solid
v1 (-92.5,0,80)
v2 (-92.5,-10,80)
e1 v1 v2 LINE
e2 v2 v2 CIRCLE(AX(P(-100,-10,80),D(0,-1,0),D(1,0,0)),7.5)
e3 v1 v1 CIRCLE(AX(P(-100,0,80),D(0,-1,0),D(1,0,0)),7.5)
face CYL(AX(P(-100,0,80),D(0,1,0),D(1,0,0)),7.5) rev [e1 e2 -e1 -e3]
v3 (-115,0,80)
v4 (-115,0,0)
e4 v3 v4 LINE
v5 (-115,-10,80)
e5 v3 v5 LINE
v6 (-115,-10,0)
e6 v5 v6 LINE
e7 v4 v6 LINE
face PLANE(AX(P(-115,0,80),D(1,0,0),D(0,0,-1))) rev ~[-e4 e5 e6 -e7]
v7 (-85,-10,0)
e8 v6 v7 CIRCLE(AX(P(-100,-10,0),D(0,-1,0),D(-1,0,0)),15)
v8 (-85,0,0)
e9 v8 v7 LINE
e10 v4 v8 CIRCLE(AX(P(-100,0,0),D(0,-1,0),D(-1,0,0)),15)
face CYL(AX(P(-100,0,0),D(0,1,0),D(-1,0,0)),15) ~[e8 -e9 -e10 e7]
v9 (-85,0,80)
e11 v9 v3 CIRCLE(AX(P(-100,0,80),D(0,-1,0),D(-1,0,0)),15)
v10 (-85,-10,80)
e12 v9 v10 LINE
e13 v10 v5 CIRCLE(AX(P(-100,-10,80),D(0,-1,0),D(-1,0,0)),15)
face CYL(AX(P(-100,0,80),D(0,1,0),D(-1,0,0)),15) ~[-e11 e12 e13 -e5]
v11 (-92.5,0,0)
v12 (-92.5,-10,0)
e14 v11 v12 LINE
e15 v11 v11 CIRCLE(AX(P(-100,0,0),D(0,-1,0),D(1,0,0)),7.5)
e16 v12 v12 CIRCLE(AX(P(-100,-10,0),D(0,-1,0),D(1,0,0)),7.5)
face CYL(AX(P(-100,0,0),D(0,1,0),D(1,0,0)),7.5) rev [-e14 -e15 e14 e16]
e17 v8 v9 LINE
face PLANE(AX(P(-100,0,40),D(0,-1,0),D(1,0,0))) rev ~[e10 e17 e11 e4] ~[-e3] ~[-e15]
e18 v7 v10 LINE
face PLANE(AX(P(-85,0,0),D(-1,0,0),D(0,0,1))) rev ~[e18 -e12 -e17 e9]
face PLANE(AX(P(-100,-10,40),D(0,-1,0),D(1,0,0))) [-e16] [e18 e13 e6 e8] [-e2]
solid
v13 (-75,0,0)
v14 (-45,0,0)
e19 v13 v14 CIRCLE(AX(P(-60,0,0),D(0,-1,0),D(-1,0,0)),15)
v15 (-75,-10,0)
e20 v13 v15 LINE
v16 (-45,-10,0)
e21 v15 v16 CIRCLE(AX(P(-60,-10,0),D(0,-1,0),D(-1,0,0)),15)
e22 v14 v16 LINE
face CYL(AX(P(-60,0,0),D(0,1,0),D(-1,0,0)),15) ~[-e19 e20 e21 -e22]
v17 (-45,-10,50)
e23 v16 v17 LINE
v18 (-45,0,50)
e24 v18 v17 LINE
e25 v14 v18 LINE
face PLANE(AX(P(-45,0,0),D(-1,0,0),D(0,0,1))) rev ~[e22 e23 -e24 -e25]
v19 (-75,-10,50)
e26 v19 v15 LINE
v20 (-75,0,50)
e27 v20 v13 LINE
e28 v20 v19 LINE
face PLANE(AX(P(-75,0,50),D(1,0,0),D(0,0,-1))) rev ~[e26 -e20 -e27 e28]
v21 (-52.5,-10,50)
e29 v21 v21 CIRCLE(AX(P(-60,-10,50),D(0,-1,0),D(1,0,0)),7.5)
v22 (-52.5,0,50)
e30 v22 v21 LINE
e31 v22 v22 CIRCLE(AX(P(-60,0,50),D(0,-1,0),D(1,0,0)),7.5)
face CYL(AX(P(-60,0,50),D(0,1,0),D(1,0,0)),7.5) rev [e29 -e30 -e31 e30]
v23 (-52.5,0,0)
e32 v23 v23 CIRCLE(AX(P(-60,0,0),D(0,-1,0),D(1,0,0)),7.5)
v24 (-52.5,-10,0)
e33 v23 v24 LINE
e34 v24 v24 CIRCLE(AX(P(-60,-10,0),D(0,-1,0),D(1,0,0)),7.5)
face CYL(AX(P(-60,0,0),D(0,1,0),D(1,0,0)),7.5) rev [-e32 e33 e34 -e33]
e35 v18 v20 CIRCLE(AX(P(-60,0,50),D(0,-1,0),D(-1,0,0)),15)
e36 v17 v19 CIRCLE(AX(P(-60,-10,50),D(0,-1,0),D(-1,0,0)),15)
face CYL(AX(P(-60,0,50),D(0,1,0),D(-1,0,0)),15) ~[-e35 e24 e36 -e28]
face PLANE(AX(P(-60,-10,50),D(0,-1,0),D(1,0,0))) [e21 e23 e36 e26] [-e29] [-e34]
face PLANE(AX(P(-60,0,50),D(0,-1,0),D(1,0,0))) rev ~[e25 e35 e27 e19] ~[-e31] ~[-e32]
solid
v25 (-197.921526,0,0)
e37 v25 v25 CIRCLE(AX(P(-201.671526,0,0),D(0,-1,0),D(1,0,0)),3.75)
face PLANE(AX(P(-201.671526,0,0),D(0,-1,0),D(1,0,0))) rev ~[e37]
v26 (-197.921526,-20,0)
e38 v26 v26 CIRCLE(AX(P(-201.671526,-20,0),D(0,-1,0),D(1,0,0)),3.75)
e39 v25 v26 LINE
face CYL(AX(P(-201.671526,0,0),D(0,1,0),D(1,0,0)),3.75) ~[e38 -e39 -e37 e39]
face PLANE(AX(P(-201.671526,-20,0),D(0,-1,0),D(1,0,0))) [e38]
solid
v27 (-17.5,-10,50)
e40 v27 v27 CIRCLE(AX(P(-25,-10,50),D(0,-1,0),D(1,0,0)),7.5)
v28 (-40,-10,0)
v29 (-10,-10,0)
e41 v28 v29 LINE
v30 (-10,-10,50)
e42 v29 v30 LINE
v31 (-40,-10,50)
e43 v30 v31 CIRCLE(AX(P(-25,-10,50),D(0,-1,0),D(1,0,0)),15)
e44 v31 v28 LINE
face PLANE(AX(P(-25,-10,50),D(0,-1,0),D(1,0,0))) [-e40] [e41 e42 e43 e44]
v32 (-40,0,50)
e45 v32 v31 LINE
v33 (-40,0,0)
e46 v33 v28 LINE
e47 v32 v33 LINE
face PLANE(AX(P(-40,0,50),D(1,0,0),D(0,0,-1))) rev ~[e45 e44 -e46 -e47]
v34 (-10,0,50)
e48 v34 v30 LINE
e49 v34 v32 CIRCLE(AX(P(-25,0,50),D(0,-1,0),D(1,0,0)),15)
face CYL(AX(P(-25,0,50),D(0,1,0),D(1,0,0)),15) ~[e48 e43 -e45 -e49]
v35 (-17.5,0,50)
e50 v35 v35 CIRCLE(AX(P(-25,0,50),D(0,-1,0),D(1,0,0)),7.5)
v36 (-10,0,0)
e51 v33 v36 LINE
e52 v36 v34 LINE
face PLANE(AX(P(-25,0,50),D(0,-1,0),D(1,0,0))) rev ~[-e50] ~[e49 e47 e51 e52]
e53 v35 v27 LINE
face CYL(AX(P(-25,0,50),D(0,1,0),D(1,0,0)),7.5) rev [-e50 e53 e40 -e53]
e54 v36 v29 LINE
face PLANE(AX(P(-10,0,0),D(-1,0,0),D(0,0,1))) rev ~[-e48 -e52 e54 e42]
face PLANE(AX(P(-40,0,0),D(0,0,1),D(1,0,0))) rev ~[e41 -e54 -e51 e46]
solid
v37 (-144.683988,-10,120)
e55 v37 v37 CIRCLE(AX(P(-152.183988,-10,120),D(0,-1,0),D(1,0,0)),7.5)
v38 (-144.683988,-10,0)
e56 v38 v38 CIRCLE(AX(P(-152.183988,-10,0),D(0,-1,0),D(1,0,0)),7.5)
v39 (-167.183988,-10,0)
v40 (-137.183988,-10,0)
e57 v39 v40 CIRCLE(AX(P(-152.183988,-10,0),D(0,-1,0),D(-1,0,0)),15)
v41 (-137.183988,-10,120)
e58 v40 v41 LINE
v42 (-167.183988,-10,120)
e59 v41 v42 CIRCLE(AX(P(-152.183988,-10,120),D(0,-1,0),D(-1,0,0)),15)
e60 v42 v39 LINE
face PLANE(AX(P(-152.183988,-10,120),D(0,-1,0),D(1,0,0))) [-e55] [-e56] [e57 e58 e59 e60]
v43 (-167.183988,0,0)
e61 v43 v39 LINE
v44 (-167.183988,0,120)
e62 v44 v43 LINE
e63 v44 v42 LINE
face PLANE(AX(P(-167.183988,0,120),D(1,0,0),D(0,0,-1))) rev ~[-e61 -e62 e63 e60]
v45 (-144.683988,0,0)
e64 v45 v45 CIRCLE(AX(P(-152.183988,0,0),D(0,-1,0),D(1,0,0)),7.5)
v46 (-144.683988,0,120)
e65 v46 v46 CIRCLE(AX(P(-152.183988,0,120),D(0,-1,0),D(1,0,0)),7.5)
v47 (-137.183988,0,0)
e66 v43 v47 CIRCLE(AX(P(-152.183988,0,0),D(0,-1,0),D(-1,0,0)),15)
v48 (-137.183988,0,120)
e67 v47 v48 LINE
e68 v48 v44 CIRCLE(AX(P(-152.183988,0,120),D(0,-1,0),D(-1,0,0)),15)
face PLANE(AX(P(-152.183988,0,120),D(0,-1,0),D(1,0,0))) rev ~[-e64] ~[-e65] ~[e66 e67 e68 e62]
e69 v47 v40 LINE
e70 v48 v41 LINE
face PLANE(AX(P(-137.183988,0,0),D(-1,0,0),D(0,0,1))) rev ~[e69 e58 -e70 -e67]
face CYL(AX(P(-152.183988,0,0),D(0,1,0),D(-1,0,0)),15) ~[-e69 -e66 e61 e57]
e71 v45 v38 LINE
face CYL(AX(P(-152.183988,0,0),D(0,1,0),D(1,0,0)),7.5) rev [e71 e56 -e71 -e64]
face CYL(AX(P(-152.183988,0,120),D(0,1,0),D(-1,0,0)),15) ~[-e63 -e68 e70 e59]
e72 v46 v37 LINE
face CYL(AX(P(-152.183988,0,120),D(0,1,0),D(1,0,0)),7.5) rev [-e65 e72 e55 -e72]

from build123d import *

# Parameters (mm, degrees)
F1_R      = 7.5
F2_DEPTH  = 10
F3_R      = 7.5
F4_DEPTH  = 10
F5_R      = 7.5
F6_DEPTH  = 10
F7_R      = 7.5
F8_DEPTH  = 10
F9_R      = 3.75
F10_DEPTH = 20


with BuildPart() as f2:
    # F1 (on Front) → F2 (new body)
    with BuildSketch(Plane.XZ):
        with BuildLine():
            ThreePointArc((-40, 50), (-25, 35), (-10, 50))
            ThreePointArc((-10, 50), (-25, 65), (-40, 50))
        make_face()
        with Locations((-25, 50)):
            Circle(F1_R, mode=Mode.SUBTRACT)
        with BuildLine():
            Line((-40, 0), (-10, 0))
            Line((-10, 0), (-10, 50))
            ThreePointArc((-10, 50), (-25, 35), (-40, 50))
            Line((-40, 50), (-40, 0))
        make_face()
    extrude(amount=F2_DEPTH)


with BuildPart() as f4:
    # F3 (on Front) → F4 (new body)
    with BuildSketch(Plane.XZ):
        with BuildLine():
            ThreePointArc((-45, 50), (-60, 65), (-75, 50))
            ThreePointArc((-75, 50), (-60, 35), (-45, 50))
        make_face()
        with Locations((-60, 50)):
            Circle(F3_R, mode=Mode.SUBTRACT)
        with BuildLine():
            Line((-75, 50), (-75, 0))
            ThreePointArc((-75, 0), (-60, 15), (-45, 0))
            Line((-45, 0), (-45, 50))
            ThreePointArc((-45, 50), (-60, 35), (-75, 50))
        make_face()
        with BuildLine():
            ThreePointArc((-45, 0), (-60, 15), (-75, 0))
            ThreePointArc((-75, 0), (-60, -15), (-45, 0))
        make_face()
        with Locations((-60, 0)):
            Circle(F3_R, mode=Mode.SUBTRACT)
    extrude(amount=F4_DEPTH)


with BuildPart() as f6:
    # F5 (on Front) → F6 (new body)
    with BuildSketch(Plane.XZ):
        with BuildLine():
            Line((-115, 80), (-115, 0))
            ThreePointArc((-115, 0), (-100, 15), (-85, 0))
            Line((-85, 0), (-85, 80))
            ThreePointArc((-85, 80), (-100, 65), (-115, 80))
        make_face()
        with BuildLine():
            ThreePointArc((-85, 80), (-100, 95), (-115, 80))
            ThreePointArc((-115, 80), (-100, 65), (-85, 80))
        make_face()
        with Locations((-100, 80)):
            Circle(F5_R, mode=Mode.SUBTRACT)
        with BuildLine():
            ThreePointArc((-85, 0), (-100, 15), (-115, 0))
            ThreePointArc((-115, 0), (-100, -15), (-85, 0))
        make_face()
        with Locations((-100, 0)):
            Circle(F5_R, mode=Mode.SUBTRACT)
    extrude(amount=F6_DEPTH)


with BuildPart() as f8:
    # F7 (on Front) → F8 (new body)
    with BuildSketch(Plane.XZ):
        with BuildLine():
            ThreePointArc((-137.1839883041, 120), (-152.1839883041, 135), (-167.1839883041, 120))
            ThreePointArc((-167.1839883041, 120), (-152.1839883041, 105), (-137.1839883041, 120))
        make_face()
        with Locations((-152.1839883041, 120)):
            Circle(F7_R, mode=Mode.SUBTRACT)
        with BuildLine():
            Line((-167.1839883041, 120), (-167.1839883041, 0))
            ThreePointArc((-167.1839883041, 0), (-152.1839883041, 15), (-137.1839883041, 0))
            Line((-137.1839883041, 0), (-137.1839883041, 120))
            ThreePointArc((-137.1839883041, 120), (-152.1839883041, 105), (-167.1839883041, 120))
        make_face()
        with BuildLine():
            ThreePointArc((-137.1839883041, 0), (-152.1839883041, 15), (-167.1839883041, 0))
            ThreePointArc((-167.1839883041, 0), (-152.1839883041, -15), (-137.1839883041, 0))
        make_face()
        with Locations((-152.1839883041, 0)):
            Circle(F7_R, mode=Mode.SUBTRACT)
    extrude(amount=F8_DEPTH)


with BuildPart() as f10:
    # F9 (on Front) → F10 (new body)
    with BuildSketch(Plane.XZ):
        with Locations((-201.671525836, 0)):
            Circle(F9_R)
    extrude(amount=F10_DEPTH)


solid = Compound([f2.part, f4.part, f6.part, f8.part, f10.part])
